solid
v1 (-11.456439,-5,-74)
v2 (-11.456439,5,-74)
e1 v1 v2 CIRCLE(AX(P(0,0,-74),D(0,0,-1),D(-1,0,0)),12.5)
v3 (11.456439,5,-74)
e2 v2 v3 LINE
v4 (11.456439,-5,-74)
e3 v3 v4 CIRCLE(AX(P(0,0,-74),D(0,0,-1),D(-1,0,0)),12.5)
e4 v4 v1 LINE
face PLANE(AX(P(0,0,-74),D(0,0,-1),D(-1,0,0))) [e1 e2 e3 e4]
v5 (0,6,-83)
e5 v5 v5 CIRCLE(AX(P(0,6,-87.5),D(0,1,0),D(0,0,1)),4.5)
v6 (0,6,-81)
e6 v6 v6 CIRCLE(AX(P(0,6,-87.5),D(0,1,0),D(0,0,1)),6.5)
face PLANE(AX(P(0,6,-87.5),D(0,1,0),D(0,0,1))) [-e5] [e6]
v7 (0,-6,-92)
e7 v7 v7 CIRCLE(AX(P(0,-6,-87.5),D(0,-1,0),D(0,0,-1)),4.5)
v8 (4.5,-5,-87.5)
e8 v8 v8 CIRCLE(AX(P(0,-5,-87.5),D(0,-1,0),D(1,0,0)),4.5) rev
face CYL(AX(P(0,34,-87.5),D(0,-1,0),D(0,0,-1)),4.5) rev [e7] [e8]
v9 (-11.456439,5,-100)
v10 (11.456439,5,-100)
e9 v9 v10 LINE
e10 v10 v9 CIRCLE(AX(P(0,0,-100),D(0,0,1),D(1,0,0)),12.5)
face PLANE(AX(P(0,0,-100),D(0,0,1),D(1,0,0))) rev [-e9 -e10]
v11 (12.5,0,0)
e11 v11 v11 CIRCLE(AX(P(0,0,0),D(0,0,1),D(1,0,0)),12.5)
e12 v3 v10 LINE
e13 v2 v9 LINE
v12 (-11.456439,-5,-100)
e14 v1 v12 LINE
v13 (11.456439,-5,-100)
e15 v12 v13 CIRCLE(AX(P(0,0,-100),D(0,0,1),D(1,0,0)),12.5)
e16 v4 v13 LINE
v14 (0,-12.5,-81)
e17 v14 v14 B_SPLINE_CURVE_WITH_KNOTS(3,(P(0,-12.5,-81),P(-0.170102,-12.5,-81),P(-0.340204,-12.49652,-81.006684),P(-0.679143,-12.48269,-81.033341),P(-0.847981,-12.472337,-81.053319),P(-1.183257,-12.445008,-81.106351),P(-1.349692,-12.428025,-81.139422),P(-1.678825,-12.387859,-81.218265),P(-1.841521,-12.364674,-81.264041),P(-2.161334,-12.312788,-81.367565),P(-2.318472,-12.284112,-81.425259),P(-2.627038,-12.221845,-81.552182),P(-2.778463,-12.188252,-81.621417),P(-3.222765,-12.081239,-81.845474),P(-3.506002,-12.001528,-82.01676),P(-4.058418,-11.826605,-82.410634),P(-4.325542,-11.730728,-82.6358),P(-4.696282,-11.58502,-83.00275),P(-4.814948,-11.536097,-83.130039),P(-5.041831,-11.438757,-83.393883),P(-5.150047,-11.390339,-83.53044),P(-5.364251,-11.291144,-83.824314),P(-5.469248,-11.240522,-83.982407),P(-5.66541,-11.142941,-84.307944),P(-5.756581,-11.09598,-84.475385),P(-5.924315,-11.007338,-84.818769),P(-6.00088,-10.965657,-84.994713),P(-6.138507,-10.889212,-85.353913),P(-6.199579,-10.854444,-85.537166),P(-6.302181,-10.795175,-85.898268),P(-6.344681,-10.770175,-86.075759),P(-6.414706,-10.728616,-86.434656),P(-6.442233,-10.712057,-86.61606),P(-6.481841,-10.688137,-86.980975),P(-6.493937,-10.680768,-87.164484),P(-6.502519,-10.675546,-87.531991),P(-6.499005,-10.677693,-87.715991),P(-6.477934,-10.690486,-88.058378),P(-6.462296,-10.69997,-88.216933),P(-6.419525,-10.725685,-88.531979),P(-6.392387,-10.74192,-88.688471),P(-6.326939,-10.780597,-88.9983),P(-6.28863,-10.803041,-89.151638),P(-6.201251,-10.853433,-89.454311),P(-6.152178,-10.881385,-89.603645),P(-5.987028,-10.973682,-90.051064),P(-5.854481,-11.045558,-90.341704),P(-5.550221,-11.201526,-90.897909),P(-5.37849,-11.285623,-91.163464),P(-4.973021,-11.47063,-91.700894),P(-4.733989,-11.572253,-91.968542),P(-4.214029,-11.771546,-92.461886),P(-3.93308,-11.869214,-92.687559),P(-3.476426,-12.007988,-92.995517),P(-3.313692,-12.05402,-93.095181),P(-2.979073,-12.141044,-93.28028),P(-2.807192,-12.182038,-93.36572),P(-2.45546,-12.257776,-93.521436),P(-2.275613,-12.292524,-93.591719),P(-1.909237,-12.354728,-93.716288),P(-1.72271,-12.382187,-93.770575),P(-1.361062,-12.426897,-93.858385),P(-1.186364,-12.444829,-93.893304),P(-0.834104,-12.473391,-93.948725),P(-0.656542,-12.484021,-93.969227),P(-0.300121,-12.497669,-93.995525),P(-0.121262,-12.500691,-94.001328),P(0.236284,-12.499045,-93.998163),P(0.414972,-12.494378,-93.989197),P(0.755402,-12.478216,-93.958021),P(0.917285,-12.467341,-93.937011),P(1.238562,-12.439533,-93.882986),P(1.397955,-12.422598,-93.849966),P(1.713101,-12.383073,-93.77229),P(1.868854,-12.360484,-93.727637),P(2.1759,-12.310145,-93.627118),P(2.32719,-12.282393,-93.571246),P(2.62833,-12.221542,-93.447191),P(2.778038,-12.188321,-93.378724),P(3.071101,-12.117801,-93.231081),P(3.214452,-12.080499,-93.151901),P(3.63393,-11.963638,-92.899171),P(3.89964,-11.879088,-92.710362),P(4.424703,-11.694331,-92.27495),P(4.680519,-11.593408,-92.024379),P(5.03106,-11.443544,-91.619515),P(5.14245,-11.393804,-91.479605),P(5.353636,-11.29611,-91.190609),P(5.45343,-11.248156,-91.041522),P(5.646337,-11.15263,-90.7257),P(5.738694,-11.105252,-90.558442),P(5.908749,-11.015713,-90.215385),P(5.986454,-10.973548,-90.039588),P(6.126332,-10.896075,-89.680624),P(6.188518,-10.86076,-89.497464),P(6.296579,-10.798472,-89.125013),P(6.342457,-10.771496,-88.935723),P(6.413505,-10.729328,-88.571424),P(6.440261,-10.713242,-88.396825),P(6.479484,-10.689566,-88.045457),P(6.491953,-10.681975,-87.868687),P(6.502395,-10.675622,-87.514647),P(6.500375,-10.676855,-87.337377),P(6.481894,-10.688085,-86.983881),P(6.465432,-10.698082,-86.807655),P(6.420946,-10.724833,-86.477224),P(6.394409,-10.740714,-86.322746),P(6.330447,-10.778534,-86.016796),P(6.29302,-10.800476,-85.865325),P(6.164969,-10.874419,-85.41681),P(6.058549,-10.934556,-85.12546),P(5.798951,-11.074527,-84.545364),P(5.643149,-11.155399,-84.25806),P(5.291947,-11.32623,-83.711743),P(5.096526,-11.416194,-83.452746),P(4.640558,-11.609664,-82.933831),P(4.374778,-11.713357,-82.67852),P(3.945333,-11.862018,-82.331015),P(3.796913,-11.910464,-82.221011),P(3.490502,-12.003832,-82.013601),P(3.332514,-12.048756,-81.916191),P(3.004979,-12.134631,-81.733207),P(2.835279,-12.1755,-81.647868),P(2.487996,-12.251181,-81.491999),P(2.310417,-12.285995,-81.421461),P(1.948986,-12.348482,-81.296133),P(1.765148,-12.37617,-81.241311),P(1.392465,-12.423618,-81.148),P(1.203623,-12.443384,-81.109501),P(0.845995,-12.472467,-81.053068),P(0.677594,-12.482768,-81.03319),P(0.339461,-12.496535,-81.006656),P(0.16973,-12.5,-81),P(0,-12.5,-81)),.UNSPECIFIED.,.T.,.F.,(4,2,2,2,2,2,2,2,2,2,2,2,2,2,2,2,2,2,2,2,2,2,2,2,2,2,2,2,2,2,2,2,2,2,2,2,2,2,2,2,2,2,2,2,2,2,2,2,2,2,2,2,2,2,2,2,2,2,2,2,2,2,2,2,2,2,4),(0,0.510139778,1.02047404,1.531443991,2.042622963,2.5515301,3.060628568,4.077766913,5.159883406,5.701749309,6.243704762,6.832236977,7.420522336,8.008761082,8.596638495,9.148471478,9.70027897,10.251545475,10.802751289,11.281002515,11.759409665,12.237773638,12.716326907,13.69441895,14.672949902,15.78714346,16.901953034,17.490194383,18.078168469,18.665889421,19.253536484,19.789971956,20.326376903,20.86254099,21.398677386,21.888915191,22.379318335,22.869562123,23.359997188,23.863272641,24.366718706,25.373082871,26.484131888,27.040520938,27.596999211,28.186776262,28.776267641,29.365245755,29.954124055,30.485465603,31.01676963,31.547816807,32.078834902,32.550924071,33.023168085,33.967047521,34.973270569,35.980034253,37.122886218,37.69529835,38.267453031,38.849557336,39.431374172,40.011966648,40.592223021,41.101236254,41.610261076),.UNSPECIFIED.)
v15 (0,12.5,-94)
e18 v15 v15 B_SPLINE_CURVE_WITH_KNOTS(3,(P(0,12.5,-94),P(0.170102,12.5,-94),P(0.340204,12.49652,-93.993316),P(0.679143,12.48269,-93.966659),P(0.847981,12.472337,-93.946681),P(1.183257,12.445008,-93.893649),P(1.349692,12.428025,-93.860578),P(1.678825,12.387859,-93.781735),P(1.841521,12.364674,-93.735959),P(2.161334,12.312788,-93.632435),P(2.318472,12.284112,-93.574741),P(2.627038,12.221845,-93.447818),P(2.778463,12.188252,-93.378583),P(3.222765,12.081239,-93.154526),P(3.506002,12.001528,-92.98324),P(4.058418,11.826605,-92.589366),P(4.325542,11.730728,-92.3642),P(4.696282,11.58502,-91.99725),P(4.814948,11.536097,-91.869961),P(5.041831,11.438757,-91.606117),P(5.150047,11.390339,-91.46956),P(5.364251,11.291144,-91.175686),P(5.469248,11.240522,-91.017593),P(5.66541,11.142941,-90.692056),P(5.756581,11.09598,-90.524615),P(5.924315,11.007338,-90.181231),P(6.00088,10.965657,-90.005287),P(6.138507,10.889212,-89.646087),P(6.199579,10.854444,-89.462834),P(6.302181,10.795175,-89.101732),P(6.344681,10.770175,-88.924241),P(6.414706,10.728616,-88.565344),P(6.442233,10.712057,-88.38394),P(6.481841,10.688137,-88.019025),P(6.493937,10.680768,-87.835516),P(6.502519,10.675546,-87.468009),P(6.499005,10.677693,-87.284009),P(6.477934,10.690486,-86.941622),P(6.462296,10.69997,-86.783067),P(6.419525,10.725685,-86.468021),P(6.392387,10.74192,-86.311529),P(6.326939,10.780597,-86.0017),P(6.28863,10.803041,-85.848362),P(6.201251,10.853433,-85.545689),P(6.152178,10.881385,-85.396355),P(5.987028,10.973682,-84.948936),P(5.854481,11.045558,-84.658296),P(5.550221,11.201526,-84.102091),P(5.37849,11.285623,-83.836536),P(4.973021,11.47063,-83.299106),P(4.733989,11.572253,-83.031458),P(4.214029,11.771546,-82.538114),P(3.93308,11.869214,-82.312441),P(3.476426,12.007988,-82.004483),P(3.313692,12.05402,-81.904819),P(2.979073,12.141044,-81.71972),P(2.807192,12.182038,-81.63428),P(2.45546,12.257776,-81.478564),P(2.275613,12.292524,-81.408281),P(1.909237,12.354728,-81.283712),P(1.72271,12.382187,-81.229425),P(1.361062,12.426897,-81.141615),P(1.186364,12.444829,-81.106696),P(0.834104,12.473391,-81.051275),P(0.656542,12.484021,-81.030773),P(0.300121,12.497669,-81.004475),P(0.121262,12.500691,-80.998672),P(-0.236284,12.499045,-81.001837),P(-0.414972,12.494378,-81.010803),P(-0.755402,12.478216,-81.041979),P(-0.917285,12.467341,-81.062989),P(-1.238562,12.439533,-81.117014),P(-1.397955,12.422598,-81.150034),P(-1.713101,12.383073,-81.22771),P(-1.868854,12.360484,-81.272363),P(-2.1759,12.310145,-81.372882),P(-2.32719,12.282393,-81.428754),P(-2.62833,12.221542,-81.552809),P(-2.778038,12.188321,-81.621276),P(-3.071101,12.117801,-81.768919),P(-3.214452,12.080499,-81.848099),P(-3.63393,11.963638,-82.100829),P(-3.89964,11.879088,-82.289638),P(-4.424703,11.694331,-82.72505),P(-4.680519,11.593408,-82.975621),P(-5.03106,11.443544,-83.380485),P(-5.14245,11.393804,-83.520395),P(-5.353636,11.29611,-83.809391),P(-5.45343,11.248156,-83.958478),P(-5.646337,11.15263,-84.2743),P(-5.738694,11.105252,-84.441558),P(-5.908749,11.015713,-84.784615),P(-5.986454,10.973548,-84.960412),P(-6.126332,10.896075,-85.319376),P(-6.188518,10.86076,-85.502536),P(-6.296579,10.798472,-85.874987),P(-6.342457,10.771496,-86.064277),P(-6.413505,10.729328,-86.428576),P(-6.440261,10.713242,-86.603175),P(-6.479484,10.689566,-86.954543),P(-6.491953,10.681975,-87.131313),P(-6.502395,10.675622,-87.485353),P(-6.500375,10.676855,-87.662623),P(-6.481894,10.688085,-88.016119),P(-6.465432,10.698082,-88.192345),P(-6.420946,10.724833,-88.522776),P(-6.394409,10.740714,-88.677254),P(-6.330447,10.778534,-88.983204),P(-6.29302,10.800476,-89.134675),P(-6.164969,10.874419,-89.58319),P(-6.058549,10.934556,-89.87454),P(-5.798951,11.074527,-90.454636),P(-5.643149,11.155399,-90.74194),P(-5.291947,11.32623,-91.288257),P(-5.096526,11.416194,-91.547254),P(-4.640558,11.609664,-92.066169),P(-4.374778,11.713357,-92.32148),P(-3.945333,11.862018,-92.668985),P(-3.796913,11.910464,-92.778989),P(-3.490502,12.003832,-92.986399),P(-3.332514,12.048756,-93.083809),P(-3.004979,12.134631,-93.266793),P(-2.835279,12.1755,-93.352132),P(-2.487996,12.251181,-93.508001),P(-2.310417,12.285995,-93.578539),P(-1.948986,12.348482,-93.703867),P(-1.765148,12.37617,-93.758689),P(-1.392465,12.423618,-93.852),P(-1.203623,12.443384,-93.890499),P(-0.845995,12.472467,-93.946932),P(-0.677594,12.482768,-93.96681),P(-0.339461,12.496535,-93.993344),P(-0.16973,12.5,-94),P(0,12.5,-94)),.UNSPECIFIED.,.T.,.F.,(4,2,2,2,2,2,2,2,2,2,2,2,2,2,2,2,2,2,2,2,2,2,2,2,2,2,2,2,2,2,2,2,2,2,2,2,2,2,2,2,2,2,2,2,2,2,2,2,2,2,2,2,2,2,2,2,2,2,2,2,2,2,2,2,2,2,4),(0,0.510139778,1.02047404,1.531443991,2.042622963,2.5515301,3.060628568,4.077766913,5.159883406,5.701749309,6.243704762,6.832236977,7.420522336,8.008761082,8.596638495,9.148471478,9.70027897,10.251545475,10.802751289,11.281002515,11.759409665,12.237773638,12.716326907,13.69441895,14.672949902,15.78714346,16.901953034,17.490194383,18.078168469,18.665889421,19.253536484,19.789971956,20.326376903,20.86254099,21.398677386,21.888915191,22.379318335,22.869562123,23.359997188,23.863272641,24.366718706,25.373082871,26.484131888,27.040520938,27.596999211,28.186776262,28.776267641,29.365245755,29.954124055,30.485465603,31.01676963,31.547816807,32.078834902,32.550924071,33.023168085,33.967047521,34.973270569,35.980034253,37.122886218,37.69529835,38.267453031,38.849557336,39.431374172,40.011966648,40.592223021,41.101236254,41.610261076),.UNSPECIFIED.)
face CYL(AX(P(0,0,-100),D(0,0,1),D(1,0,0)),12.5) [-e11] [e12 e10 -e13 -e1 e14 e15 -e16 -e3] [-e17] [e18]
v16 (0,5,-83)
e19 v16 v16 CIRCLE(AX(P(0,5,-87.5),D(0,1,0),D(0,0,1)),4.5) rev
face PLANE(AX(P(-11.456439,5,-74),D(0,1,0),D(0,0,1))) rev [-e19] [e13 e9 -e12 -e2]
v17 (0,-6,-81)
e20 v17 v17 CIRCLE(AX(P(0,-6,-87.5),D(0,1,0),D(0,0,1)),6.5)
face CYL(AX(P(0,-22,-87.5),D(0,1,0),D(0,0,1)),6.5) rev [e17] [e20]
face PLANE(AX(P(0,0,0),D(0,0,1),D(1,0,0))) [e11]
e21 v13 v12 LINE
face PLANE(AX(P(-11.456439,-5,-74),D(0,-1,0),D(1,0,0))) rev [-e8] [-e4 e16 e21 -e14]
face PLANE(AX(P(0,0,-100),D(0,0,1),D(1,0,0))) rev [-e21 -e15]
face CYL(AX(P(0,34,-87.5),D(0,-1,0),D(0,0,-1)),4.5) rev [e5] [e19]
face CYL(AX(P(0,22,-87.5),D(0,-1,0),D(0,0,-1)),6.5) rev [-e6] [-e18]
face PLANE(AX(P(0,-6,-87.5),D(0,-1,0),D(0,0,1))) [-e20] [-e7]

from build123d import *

# Parameters (mm, degrees)
SKETCH_1_R               = 12.5
EXTRUDE_1_DEPTH          = 100
CUT_EXTRUDE_START        = -26
CUT_EXTRUDE_1_DEPTH      = 26
CUT_EXTRUDE_2_DEPTH      = 34
CUT_EXTRUDE_2_DEPTH_BACK = 36.534771414
SKETCH_3_R               = 4.5
SKETCH_6_R               = 6.5
CUT_EXTRUDE_5_DEPTH      = 16


with BuildPart() as part:
    # 스케치1 → 보스-돌출1 (new body)
    with BuildSketch(Plane.XY):
        Circle(SKETCH_1_R)
    extrude(amount=-EXTRUDE_1_DEPTH)

    # 스케치2 → 컷-돌출1 (cut)
    with BuildSketch(Plane(origin=(0, 0, -100), x_dir=(-1, 0, 0), z_dir=(0, 0, -1)).offset(CUT_EXTRUDE_START)):
        with BuildLine():
            Line((11.456439237, 5), (-11.456439237, 5))
            ThreePointArc((-11.456439237, 5), (-12.5, 0), (-11.456439237, -5))
            Line((-11.456439237, -5), (11.456439237, -5))
            ThreePointArc((11.456439237, -5), (12.5, 0), (11.456439237, 5))
        make_face()
    extrude(amount=CUT_EXTRUDE_1_DEPTH, mode=Mode.SUBTRACT)

    # 스케치3 → 컷-돌출2 (cut, two sides: drawn at the far end of the back side and taken through both)
    with BuildSketch(Plane(origin=(0, 0, 0), x_dir=(1, 0, 0), z_dir=(0, 1, 0)).offset(-CUT_EXTRUDE_2_DEPTH_BACK)):
        with Locations(Location((0, 87.5, 0), (0, 0, 90))):
            Circle(SKETCH_3_R)
    extrude(amount=CUT_EXTRUDE_2_DEPTH + CUT_EXTRUDE_2_DEPTH_BACK, mode=Mode.SUBTRACT)

    # 스케치6 → 컷-돌출5 (cut)
    with BuildSketch(Plane(origin=(0, 6, 0), x_dir=(1, 0, 0), z_dir=(0, 1, 0))):
        with Locations(Location((0, 87.5, 0), (0, 0, 90))):
            Circle(SKETCH_6_R)
    cut_extrude_5 = extrude(amount=CUT_EXTRUDE_5_DEPTH, mode=Mode.SUBTRACT)

    # 대칭 복사1: 컷-돌출5 across plane
    add(cut_extrude_5.mirror(Plane.ZX), mode=Mode.SUBTRACT)


solid = part.part
